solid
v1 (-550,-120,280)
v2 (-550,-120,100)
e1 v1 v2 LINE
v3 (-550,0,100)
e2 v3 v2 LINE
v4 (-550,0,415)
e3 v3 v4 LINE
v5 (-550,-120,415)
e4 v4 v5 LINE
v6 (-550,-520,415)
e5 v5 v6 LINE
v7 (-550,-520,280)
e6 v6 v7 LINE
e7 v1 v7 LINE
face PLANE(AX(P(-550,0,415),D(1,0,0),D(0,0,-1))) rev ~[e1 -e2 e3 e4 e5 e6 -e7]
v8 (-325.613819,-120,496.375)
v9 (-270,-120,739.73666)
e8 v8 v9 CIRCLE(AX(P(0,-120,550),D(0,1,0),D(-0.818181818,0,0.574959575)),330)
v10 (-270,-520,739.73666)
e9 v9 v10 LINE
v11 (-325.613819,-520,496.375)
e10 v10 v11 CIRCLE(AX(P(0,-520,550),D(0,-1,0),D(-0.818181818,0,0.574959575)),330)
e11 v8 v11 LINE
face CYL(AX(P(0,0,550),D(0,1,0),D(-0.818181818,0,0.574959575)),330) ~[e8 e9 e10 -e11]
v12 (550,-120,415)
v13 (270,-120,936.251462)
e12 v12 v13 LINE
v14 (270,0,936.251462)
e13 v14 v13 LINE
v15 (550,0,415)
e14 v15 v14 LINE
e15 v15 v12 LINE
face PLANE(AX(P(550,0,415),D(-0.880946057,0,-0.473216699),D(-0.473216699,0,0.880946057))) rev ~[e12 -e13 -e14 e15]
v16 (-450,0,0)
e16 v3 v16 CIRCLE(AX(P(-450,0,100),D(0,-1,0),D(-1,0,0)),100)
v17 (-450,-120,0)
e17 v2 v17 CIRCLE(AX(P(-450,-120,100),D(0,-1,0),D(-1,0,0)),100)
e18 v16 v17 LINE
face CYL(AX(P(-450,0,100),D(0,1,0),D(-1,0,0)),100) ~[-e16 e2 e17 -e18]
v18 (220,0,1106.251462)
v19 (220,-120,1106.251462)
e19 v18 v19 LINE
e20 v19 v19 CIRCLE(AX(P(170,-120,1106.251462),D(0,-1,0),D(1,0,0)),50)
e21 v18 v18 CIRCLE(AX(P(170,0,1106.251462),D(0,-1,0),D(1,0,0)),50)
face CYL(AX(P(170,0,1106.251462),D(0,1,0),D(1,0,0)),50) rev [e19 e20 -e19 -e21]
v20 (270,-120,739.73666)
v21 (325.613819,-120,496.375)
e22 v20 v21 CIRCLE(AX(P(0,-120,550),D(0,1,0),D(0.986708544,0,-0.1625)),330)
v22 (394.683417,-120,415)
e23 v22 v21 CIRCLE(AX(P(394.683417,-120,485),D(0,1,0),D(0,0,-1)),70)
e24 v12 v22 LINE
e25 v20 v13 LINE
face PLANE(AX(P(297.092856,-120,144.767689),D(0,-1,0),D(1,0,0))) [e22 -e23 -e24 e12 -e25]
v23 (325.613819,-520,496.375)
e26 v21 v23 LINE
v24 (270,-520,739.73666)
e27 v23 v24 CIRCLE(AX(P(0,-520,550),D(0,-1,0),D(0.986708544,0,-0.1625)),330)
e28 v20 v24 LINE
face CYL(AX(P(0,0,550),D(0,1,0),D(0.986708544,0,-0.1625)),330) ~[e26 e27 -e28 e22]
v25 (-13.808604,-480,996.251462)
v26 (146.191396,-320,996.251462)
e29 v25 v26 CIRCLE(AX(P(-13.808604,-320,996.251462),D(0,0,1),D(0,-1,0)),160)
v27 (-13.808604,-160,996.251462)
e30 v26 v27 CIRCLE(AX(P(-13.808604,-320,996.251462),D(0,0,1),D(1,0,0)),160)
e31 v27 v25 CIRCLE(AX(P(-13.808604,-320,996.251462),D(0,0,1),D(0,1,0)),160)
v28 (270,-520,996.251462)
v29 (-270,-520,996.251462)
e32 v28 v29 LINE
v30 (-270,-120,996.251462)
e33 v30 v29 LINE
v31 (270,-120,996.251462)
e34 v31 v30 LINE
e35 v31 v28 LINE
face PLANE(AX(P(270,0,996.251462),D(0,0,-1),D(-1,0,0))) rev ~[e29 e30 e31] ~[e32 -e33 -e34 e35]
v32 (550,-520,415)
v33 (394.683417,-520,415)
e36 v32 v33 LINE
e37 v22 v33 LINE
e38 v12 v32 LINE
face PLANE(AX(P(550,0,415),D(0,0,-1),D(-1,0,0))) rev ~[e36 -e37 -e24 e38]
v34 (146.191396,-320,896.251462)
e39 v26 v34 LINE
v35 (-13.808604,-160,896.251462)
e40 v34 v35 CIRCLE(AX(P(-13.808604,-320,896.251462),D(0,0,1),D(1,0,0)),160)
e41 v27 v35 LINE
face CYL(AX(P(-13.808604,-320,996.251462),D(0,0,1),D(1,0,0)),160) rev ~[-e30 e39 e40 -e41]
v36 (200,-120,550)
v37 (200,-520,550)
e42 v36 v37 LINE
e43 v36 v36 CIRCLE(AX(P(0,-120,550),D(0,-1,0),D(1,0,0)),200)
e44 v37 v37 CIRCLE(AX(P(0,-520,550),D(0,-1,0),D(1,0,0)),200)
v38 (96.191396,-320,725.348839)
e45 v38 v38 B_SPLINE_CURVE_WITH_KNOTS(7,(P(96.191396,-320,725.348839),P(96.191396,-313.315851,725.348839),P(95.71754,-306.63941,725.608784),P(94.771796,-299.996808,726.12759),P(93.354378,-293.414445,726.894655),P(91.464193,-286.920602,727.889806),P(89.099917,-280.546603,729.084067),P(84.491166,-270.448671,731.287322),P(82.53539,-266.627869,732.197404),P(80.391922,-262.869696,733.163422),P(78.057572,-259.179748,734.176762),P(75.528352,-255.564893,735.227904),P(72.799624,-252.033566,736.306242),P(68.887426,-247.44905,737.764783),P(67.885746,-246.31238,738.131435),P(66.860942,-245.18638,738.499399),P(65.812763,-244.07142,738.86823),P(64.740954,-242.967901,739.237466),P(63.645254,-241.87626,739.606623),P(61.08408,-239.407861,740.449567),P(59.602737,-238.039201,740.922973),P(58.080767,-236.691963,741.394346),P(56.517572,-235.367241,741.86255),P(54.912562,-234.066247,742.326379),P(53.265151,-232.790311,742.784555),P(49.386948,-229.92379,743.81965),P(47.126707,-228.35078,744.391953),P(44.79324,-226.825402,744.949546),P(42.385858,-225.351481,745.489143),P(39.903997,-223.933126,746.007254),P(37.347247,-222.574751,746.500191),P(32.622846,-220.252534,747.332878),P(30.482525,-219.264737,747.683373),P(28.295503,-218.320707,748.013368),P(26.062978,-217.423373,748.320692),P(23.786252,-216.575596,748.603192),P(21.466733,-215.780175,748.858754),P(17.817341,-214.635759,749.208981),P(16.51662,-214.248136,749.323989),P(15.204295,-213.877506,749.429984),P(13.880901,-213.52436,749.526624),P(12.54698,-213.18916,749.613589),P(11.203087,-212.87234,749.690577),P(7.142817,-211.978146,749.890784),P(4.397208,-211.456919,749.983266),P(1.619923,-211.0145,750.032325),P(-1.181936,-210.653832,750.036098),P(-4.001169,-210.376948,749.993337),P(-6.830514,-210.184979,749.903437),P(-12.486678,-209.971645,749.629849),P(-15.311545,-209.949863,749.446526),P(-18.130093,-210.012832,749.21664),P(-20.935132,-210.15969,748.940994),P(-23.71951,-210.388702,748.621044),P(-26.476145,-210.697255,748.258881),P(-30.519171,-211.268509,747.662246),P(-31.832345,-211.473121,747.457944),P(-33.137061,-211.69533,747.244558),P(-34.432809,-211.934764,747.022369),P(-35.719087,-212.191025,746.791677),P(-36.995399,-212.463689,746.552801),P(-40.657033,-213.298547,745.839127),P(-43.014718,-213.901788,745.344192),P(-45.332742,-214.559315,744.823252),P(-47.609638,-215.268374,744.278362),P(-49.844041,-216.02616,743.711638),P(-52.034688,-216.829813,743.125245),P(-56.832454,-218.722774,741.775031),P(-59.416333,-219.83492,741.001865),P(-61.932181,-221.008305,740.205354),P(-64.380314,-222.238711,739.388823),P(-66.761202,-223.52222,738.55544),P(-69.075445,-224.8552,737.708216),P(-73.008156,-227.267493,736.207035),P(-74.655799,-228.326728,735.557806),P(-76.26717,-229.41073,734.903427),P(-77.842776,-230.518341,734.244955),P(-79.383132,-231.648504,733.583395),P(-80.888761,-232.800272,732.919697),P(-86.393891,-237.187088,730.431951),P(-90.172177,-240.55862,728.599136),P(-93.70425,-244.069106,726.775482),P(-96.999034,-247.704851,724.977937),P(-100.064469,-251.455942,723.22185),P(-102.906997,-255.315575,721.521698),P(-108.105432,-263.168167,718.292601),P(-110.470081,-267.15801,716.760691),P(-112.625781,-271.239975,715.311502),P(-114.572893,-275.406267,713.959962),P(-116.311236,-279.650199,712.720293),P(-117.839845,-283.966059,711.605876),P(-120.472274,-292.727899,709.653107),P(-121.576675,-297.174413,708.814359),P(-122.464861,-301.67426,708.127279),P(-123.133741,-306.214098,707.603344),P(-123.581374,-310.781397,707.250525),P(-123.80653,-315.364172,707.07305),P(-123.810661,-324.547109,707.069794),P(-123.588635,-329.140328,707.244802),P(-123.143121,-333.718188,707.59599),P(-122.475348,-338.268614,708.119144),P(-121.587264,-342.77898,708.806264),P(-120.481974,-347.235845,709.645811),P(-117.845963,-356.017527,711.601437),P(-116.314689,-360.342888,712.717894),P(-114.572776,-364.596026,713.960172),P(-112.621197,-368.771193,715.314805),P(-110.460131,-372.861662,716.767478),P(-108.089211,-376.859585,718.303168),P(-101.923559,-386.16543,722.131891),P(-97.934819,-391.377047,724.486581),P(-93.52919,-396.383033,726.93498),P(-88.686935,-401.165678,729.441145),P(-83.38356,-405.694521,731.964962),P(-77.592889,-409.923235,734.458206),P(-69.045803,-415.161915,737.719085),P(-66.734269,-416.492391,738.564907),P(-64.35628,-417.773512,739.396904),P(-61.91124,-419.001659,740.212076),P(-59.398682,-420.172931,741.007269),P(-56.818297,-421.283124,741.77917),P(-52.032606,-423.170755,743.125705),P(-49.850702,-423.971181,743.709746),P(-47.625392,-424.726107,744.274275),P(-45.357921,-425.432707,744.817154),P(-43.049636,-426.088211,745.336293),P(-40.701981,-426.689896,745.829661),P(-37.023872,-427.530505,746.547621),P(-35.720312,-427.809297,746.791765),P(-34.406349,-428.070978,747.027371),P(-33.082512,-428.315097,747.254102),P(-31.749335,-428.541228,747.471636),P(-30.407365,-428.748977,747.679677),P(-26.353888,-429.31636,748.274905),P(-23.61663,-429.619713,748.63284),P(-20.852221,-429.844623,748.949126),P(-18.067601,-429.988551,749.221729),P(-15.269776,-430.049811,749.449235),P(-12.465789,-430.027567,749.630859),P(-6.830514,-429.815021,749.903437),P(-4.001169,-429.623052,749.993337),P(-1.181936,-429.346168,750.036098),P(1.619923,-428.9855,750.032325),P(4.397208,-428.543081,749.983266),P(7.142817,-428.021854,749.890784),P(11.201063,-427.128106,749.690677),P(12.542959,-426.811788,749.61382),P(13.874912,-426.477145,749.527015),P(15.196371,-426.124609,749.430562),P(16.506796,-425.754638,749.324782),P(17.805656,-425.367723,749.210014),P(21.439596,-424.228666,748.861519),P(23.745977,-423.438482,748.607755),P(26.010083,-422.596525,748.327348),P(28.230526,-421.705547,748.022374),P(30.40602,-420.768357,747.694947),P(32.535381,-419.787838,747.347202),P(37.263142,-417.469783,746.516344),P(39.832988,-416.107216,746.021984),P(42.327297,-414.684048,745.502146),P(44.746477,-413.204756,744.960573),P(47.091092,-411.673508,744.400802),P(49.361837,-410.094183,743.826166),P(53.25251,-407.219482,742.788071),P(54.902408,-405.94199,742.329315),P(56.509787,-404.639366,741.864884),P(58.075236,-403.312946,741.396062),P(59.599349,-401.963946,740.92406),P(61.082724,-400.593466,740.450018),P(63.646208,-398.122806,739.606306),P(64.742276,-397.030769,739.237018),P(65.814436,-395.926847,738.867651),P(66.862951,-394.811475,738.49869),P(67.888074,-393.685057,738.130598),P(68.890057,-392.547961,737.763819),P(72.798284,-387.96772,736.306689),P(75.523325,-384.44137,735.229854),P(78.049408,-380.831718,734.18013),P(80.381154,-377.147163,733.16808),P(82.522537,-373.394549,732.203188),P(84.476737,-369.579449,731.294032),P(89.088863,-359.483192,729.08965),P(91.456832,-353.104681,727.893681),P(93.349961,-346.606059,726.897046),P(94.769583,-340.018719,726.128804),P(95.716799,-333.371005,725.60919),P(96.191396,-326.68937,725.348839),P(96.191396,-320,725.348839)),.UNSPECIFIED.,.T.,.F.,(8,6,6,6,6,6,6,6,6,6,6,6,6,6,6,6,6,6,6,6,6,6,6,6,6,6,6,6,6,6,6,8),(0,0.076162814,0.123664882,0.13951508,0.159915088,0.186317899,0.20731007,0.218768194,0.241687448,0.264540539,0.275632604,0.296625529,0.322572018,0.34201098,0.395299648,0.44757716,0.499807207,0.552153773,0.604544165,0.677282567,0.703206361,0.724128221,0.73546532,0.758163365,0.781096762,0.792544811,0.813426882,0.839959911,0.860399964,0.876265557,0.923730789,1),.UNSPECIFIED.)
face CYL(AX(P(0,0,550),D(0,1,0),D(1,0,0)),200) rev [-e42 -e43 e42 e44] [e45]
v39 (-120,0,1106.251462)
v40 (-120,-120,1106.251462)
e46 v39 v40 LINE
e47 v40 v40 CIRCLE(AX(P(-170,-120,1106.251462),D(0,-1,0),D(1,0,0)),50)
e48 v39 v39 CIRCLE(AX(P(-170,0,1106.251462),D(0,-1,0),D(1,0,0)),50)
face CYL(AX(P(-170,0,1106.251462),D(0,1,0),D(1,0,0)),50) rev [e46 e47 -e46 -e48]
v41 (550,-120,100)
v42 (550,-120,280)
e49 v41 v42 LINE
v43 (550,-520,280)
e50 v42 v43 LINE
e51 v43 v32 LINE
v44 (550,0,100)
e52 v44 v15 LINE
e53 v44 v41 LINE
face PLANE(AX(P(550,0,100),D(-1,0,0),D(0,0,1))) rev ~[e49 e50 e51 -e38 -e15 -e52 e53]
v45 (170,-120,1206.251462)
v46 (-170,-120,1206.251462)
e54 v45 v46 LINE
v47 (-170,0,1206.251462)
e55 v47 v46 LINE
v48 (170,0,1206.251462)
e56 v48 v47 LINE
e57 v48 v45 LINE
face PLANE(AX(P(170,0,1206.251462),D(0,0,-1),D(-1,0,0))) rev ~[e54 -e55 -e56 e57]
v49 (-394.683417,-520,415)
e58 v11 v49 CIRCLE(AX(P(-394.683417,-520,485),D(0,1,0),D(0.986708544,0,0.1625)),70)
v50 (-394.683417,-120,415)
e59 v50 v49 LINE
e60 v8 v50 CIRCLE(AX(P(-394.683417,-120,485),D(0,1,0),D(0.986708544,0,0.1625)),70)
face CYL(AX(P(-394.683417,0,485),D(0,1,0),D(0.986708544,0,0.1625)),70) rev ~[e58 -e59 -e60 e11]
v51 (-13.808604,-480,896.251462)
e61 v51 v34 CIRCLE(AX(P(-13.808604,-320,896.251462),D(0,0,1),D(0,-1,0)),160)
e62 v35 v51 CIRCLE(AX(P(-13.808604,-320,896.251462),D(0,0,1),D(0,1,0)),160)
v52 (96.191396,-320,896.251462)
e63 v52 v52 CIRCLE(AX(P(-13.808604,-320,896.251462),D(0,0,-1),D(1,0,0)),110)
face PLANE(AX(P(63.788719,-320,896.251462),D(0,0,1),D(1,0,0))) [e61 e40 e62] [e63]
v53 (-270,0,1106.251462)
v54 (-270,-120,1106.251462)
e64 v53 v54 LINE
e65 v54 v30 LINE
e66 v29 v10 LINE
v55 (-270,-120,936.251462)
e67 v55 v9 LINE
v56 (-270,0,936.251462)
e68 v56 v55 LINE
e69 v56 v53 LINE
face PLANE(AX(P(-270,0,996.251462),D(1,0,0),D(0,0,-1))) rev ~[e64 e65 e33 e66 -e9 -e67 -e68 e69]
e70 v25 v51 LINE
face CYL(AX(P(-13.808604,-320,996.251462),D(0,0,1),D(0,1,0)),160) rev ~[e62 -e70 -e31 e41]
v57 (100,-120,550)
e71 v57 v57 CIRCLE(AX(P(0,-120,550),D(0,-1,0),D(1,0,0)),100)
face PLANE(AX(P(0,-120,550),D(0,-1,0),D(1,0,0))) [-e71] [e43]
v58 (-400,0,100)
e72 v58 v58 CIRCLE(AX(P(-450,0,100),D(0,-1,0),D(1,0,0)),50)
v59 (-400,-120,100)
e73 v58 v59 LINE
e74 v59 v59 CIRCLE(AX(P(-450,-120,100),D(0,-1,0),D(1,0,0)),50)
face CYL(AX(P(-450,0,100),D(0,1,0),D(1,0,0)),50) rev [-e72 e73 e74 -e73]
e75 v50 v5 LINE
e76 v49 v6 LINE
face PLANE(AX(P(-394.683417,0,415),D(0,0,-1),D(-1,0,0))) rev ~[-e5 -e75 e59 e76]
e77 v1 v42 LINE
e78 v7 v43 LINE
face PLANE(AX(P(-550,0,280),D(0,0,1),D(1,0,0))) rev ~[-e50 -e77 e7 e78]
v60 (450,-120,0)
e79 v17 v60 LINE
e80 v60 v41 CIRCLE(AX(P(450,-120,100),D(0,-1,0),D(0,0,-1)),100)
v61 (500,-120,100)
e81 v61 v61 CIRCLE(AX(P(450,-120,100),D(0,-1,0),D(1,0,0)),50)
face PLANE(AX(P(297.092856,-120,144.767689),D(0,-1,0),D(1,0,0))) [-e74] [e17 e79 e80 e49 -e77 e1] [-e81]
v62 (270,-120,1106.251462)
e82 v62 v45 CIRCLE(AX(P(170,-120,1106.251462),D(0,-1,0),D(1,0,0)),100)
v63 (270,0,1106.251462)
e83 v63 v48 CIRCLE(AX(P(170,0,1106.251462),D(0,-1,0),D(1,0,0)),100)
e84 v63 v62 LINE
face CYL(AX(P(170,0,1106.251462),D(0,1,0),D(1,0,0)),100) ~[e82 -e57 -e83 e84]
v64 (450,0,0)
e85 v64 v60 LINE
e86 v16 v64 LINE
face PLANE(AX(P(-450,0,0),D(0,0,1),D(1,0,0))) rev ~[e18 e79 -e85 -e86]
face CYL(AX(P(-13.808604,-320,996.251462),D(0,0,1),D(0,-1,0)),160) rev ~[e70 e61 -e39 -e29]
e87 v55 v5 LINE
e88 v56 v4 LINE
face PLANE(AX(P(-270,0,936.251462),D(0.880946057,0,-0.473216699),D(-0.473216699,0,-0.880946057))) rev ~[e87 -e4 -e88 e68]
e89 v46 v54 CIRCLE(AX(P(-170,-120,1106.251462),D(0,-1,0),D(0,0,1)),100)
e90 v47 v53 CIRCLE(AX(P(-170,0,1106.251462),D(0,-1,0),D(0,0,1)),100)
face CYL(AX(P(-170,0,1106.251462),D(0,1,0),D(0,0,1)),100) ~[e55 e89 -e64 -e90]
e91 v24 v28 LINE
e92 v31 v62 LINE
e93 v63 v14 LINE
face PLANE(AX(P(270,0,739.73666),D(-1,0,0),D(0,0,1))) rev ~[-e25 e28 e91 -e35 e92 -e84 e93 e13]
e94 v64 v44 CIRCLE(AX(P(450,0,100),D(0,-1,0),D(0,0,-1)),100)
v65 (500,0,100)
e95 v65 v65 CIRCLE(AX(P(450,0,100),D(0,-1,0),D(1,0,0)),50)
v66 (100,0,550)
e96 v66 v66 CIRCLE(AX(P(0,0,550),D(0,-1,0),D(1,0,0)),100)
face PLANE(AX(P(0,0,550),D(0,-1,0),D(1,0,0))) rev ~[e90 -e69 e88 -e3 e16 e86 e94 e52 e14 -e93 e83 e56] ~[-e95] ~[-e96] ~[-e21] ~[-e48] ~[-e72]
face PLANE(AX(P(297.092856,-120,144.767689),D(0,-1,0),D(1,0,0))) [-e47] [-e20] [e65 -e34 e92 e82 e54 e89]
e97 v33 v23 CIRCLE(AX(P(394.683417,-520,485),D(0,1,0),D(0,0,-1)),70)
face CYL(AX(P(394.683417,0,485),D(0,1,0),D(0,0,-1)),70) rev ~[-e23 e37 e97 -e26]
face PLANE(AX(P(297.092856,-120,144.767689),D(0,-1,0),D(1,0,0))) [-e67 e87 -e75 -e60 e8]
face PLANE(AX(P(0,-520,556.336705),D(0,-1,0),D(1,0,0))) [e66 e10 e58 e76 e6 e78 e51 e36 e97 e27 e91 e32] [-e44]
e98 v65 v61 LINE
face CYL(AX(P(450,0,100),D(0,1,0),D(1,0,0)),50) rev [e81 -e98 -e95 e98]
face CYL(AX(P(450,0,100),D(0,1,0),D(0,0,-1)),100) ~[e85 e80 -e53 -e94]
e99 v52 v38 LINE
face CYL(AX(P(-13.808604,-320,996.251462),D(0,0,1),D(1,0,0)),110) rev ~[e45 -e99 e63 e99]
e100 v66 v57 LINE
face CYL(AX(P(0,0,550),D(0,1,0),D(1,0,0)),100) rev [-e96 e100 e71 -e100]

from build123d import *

# Parameters (mm, degrees)
F0_R     = 200
F1_DEPTH = 520
F0_R_2   = 50
F0_W     = 120
F0_H     = 280
F2_DEPTH = 120
F0_R_3   = 100
F3_DEPTH = 120
F5_DEPTH = 100
F6_R     = 110
F7_DEPTH = 289.1810463391


with BuildPart() as f1:
    # F0 (on Front) → F1 (new body)
    with BuildSketch(Plane.XZ):
        with BuildLine():
            Line((-60, 280), (60, 280))
            Line((60, 280), (550, 280))
            Line((550, 280), (550, 415))
            Line((550, 415), (394.6834174373, 415))
            ThreePointArc((394.6834174373, 415), (341.3155900504, 439.7023731306), (325.6138193858, 496.375))
            ThreePointArc((325.6138193858, 496.375), (321.7066673274, 623.5174822551), (270, 739.7366596101))
            Line((270, 739.7366596101), (270, 936.2514615059))
            Line((270, 936.2514615059), (270, 996.2514615059))
            Line((270, 996.2514615059), (-270, 996.2514615059))
            Line((-270, 996.2514615059), (-270, 936.2514615059))
            Line((-270, 936.2514615059), (-270, 739.7366596101))
            ThreePointArc((-270, 739.7366596101), (-321.7066673274, 623.5174822551), (-325.6138193858, 496.375))
            ThreePointArc((-325.6138193858, 496.375), (-341.3155900504, 439.7023731306), (-394.6834174373, 415))
            Line((-394.6834174373, 415), (-550, 415))
            Line((-550, 415), (-550, 280))
            Line((-550, 280), (-60, 280))
        make_face()
        with Locations((0, 550)):
            Circle(F0_R, mode=Mode.SUBTRACT)
    extrude(amount=F1_DEPTH)

    # F0 (on Front) → F2 (join)
    with BuildSketch(Plane.XZ):
        with BuildLine():
            Line((60, 0), (450, 0))
            ThreePointArc((450, 0), (520.7106781187, 29.2893218813), (550, 100))
            Line((550, 100), (550, 280))
            Line((550, 280), (60, 280))
            Line((60, 280), (60, 0))
        make_face()
        with Locations((450, 100)):
            Circle(F0_R_2, mode=Mode.SUBTRACT)
        with Locations((0, 140)):
            Rectangle(F0_W, F0_H)
        with BuildLine():
            Line((-60, 280), (60, 280))
            Line((60, 280), (550, 280))
            Line((550, 280), (550, 415))
            Line((550, 415), (394.6834174373, 415))
            ThreePointArc((394.6834174373, 415), (341.3155900504, 439.7023731306), (325.6138193858, 496.375))
            ThreePointArc((325.6138193858, 496.375), (321.7066673274, 623.5174822551), (270, 739.7366596101))
            Line((270, 739.7366596101), (270, 936.2514615059))
            Line((270, 936.2514615059), (270, 996.2514615059))
            Line((270, 996.2514615059), (-270, 996.2514615059))
            Line((-270, 996.2514615059), (-270, 936.2514615059))
            Line((-270, 936.2514615059), (-270, 739.7366596101))
            ThreePointArc((-270, 739.7366596101), (-321.7066673274, 623.5174822551), (-325.6138193858, 496.375))
            ThreePointArc((-325.6138193858, 496.375), (-341.3155900504, 439.7023731306), (-394.6834174373, 415))
            Line((-394.6834174373, 415), (-550, 415))
            Line((-550, 415), (-550, 280))
            Line((-550, 280), (-60, 280))
        make_face()
        with Locations((0, 550)):
            Circle(F0_R, mode=Mode.SUBTRACT)
        with BuildLine():
            Line((-450, 0), (-60, 0))
            Line((-60, 0), (-60, 280))
            Line((-60, 280), (-550, 280))
            Line((-550, 280), (-550, 100))
            ThreePointArc((-550, 100), (-520.7106781187, 29.2893218813), (-450, 0))
        make_face()
        with Locations((-450, 100)):
            Circle(F0_R_2, mode=Mode.SUBTRACT)
        with BuildLine():
            Line((394.6834174373, 415), (550, 415))
            Line((550, 415), (270, 936.2514615059))
            Line((270, 936.2514615059), (270, 739.7366596101))
            ThreePointArc((270, 739.7366596101), (321.7066673274, 623.5174822551), (325.6138193858, 496.375))
            ThreePointArc((325.6138193858, 496.375), (341.3155900504, 439.7023731306), (394.6834174373, 415))
        make_face()
        with BuildLine():
            Line((-270, 936.2514615059), (-550, 415))
            Line((-550, 415), (-394.6834174373, 415))
            ThreePointArc((-394.6834174373, 415), (-341.3155900504, 439.7023731306), (-325.6138193858, 496.375))
            ThreePointArc((-325.6138193858, 496.375), (-321.7066673274, 623.5174822551), (-270, 739.7366596101))
            Line((-270, 739.7366596101), (-270, 936.2514615059))
        make_face()
        with BuildLine():
            Line((-270, 996.2514615059), (270, 996.2514615059))
            Line((270, 996.2514615059), (270, 1106.2514615059))
            ThreePointArc((270, 1106.2514615059), (240.7106781187, 1176.9621396245), (170, 1206.2514615059))
            Line((170, 1206.2514615059), (-170, 1206.2514615059))
            ThreePointArc((-170, 1206.2514615059), (-240.7106781187, 1176.9621396245), (-270, 1106.2514615059))
            Line((-270, 1106.2514615059), (-270, 996.2514615059))
        make_face()
        with Locations((-170, 1106.2514615059)):
            Circle(F0_R_2, mode=Mode.SUBTRACT)
        with Locations((170, 1106.2514615059)):
            Circle(F0_R_2, mode=Mode.SUBTRACT)
    extrude(amount=F2_DEPTH)

    # F0 (on Front) → F3 (join)
    with BuildSketch(Plane.XZ):
        with Locations((0, 550)):
            Circle(F0_R)
        with Locations((0, 550)):
            Circle(F0_R_3, mode=Mode.SUBTRACT)
    extrude(amount=F3_DEPTH)

    # F4 (on face) → F5 (cut)
    with BuildSketch(Plane.XY.offset(996.2514615059)):
        with BuildLine():
            ThreePointArc((146.1913956702, -320), (99.32848066, -206.8629150102), (-13.8086043298, -160))
            Line((-13.8086043298, -160), (-13.8086043298, -210))
            ThreePointArc((-13.8086043298, -210), (63.9731416007, -242.2182540695), (96.1913956702, -320))
            ThreePointArc((96.1913956702, -320), (63.9731416007, -397.7817459305), (-13.8086043298, -430))
            Line((-13.8086043298, -430), (-13.8086043298, -480))
            ThreePointArc((-13.8086043298, -480), (99.32848066, -433.1370849898), (146.1913956702, -320))
        make_face()
        with BuildLine():
            Line((-13.8086043298, -210), (-13.8086043298, -160))
            ThreePointArc((-13.8086043298, -160), (-173.8086043298, -320), (-13.8086043298, -480))
            Line((-13.8086043298, -480), (-13.8086043298, -430))
            ThreePointArc((-13.8086043298, -430), (-123.8086043298, -320), (-13.8086043298, -210))
        make_face()
    extrude(amount=-F5_DEPTH, mode=Mode.SUBTRACT)

    # F6 (on face) → F7 (cut, through all)
    with BuildSketch(Plane.XY.offset(996.2514615059)):
        with Locations((-13.8086043298, -320)):
            Circle(F6_R)
    extrude(amount=-F7_DEPTH, mode=Mode.SUBTRACT)


solid = f1.part
